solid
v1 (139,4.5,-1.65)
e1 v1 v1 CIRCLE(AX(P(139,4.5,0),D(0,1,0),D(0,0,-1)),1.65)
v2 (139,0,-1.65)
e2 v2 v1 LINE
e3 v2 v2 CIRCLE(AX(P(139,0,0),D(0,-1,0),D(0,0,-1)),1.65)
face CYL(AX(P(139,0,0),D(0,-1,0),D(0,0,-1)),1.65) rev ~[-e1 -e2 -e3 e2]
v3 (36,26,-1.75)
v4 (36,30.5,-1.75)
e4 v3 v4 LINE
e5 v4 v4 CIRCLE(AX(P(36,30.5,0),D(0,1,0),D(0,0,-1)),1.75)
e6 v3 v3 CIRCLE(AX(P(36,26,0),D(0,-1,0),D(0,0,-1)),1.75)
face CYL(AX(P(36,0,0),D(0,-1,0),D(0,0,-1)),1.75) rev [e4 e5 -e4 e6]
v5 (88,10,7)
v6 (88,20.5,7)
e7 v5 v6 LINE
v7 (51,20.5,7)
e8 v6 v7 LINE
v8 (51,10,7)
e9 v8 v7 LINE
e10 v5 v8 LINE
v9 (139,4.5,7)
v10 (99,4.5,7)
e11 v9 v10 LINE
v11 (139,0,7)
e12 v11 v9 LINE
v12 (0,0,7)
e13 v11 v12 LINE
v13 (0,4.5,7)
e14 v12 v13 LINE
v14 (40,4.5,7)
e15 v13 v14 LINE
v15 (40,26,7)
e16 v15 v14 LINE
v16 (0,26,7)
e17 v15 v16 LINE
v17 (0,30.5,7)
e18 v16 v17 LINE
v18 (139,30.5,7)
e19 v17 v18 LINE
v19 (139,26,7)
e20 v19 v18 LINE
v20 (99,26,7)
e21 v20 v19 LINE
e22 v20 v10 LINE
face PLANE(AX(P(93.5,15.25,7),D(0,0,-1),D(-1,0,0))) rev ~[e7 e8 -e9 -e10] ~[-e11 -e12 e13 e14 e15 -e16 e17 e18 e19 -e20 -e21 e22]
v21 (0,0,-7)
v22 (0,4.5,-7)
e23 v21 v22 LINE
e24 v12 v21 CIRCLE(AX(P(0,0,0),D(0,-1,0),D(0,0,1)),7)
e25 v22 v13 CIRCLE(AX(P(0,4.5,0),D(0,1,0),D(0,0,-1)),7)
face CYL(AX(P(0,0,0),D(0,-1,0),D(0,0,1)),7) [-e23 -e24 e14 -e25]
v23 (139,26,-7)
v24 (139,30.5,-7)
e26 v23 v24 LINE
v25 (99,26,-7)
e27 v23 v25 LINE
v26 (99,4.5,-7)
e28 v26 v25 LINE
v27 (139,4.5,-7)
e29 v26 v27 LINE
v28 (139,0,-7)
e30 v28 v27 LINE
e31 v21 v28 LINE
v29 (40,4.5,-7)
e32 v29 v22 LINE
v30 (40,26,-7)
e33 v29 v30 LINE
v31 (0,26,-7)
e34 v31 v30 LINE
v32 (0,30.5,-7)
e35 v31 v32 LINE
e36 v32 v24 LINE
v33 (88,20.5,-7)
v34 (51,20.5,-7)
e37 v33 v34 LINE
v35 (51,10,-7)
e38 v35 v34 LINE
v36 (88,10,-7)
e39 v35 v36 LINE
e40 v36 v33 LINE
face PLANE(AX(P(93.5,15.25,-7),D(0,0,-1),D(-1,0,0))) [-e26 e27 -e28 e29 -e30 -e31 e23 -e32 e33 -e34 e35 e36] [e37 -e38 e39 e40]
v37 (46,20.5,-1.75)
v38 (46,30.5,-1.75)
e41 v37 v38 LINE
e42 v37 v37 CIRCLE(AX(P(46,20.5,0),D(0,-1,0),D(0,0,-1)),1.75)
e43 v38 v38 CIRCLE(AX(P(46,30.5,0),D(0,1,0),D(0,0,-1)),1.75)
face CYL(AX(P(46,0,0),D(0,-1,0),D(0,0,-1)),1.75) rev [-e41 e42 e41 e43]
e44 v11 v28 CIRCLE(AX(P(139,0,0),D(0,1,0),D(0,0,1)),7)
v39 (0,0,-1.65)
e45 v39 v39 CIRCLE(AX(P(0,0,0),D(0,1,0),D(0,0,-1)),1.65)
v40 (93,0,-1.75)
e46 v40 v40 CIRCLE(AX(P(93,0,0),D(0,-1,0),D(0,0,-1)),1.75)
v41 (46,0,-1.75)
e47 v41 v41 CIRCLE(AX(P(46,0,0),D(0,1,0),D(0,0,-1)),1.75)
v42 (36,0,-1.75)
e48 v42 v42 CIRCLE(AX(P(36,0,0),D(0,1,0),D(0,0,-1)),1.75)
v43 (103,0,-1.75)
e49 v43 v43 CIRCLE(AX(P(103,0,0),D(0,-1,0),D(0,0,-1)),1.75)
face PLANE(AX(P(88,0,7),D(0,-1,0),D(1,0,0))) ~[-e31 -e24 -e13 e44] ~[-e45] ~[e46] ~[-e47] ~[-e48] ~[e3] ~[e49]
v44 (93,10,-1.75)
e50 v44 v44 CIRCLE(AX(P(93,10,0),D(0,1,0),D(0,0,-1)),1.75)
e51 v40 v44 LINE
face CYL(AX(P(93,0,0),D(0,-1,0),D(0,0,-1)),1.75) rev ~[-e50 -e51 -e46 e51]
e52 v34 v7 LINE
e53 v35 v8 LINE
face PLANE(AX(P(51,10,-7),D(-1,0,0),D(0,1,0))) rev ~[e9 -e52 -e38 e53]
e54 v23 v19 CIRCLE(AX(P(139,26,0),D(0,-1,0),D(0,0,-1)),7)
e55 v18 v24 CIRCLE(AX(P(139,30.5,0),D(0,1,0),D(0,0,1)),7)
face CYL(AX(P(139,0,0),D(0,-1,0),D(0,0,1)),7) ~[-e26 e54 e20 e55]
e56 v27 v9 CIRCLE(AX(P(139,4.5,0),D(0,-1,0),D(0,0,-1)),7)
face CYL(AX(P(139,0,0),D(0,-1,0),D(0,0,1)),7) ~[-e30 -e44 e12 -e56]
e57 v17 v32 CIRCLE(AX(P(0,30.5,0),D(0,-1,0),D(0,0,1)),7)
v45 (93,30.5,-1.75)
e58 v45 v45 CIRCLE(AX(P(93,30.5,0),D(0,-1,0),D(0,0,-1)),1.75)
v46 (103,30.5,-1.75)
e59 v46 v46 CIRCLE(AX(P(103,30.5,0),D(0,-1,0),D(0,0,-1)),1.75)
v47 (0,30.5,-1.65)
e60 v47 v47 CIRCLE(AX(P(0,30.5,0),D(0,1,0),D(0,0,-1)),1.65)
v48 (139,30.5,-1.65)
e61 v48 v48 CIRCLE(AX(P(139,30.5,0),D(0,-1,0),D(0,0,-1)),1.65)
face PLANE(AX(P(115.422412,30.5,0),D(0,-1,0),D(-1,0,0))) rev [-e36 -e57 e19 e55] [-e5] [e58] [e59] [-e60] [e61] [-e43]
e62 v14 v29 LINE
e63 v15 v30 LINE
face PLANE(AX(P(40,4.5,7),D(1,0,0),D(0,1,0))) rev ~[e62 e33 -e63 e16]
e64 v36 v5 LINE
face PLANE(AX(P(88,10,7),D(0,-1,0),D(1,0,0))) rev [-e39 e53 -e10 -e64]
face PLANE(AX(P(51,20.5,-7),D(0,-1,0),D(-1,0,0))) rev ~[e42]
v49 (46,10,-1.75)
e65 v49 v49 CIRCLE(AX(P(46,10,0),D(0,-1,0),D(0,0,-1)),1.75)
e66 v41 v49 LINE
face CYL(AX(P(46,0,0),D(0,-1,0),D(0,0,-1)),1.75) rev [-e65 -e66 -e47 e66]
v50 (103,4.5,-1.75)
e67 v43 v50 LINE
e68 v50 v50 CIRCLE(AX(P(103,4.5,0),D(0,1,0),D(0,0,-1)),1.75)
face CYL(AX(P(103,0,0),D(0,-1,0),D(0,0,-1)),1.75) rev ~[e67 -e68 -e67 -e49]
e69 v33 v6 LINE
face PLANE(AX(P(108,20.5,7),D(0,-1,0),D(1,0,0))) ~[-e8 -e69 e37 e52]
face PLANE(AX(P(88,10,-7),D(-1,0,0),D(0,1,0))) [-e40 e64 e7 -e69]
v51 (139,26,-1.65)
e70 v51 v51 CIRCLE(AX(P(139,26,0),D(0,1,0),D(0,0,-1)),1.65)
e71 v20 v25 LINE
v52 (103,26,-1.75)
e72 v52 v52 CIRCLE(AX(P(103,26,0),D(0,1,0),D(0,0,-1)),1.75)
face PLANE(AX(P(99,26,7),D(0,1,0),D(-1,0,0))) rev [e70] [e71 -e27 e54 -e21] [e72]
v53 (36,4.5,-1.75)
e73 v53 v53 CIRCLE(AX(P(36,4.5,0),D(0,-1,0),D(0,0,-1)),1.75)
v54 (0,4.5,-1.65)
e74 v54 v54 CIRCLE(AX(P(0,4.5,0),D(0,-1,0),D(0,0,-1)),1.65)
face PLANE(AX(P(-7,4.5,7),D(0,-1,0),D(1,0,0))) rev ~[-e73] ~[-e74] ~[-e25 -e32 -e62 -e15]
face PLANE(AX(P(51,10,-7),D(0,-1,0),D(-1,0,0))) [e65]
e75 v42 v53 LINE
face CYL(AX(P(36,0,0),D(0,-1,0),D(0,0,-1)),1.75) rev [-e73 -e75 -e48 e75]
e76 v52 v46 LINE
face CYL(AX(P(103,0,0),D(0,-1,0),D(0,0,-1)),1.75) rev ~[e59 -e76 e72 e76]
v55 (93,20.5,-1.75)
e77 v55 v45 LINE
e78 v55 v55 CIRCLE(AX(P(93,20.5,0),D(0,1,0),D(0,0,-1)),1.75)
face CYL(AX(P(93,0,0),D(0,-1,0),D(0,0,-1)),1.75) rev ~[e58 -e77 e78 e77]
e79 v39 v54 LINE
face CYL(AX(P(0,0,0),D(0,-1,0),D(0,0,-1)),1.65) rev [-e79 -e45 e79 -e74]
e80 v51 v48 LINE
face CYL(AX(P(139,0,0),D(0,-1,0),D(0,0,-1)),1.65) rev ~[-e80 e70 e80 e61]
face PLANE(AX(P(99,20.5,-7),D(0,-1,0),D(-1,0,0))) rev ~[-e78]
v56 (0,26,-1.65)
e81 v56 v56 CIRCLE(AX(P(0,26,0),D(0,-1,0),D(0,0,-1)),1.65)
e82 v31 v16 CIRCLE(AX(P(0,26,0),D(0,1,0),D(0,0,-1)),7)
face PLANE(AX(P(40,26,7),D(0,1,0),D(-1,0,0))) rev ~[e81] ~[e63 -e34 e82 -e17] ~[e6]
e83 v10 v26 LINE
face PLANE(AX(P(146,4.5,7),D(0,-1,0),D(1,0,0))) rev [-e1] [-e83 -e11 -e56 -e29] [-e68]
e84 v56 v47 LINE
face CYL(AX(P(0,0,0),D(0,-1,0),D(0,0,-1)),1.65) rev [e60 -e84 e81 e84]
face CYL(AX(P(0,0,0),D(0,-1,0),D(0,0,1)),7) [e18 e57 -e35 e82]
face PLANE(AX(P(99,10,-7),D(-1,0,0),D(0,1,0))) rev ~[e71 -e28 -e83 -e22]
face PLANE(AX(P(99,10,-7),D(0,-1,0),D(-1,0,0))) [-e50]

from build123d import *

# Parameters (mm, degrees)
SKETCH_1_R          = 1.65
SKETCH_1_R_2        = 1.75
EXTRUDE_1_DEPTH     = 30.5
CUT_EXTRUDE_1_DEPTH = 62.051208014
SKETCH_3_W          = 20
SKETCH_3_H          = 10.5
CUT_EXTRUDE_2_DEPTH = 62.051208014
SKETCH_4_W          = 18.5
SKETCH_4_H          = 10
EXTRUDE_2_DEPTH     = 14
SKETCH_5_W          = 11
SKETCH_5_H          = 10.5
EXTRUDE_3_DEPTH     = 14


with BuildPart() as part:
    # ｽｹｯﾁ1 → ﾎﾞｽ - 押し出し1 (new body)
    with BuildSketch(Plane(origin=(0, 0, 0), x_dir=(1, 0, 0), z_dir=(0, 1, 0))):
        with BuildLine():
            Line((0, 7), (51, 7))
            Line((51, 7), (51, -7))
            Line((51, -7), (0, -7))
            ThreePointArc((0, -7), (-7, 0), (0, 7))
        make_face()
        with Locations(Location((0, 0, 0), (0, 0, 90))):
            Circle(SKETCH_1_R, mode=Mode.SUBTRACT)
        with Locations(Location((46, 0, 0), (0, 0, 90))):
            Circle(SKETCH_1_R_2, mode=Mode.SUBTRACT)
        with Locations(Location((36, 0, 0), (0, 0, 90))):
            Circle(SKETCH_1_R_2, mode=Mode.SUBTRACT)
    extrude(amount=EXTRUDE_1_DEPTH)

    # ｽｹｯﾁ2 → ｶｯﾄ - 押し出し1 (cut, through all)
    with BuildSketch(Plane.XY.offset(7)):
        Polygon((0, 26), (-7, 26), (-7, 4.5), (0, 4.5), (40, 4.5), (40, 26), align=None)
    extrude(amount=-CUT_EXTRUDE_1_DEPTH, mode=Mode.SUBTRACT)

    # ｽｹｯﾁ3 → ｶｯﾄ - 押し出し2 (cut, through all)
    with BuildSketch(Plane.XY.offset(7)):
        with Locations((41, 15.25)):
            Rectangle(SKETCH_3_W, SKETCH_3_H)
    extrude(amount=-CUT_EXTRUDE_2_DEPTH, mode=Mode.SUBTRACT)


with BuildPart() as cut_extrude_2_piece_1:
    # of the separate pieces the step leaves, piece 1, a body of its own (cut_extrude_2_pieces)
    add(part.part.solids().sort_by_distance((51, 20.5, -7))[0])


with BuildPart() as cut_extrude_2_piece_2:
    # of the separate pieces the step leaves, piece 2, a body of its own (cut_extrude_2_pieces)
    add(part.part.solids().sort_by_distance((0, 0, -7))[0])

    # ｽｹｯﾁ4 → ﾎﾞｽ - 押し出し2 (add)
    with BuildSketch(Plane.XY.offset(7)):
        with Locations((60.25, 25.5)):
            Rectangle(SKETCH_4_W, SKETCH_4_H)
        with Locations((60.25, 5)):
            Rectangle(SKETCH_4_W, SKETCH_4_H)
    extrude(amount=-EXTRUDE_2_DEPTH)


with BuildPart() as extrude_2_piece_1:
    # of the separate pieces the step leaves, piece 1, a body of its own (extrude_2_pieces)
    add(cut_extrude_2_piece_2.part.solids().sort_by_distance((0, 0, -7))[0])

    # ﾐﾗｰ1: ﾎﾞｽ - 押し出し2 piece 1 across plane


with BuildPart() as extrude_2_piece_2:
    # of the separate pieces the step leaves, piece 2, a body of its own (extrude_2_pieces)
    add(cut_extrude_2_piece_2.part.solids().sort_by_distance((51, 30.5, 7))[0])


with BuildPart() as extrude_2_piece_1_1:
    add(extrude_2_piece_1.part)
    add(extrude_2_piece_1.part.mirror(Plane(origin=(69.5, 10, -7), x_dir=(0, 0, 1), z_dir=(1, 0, 0))))


with BuildPart() as body_4:
    # ﾐﾗｰ2: mirrored copy
    add(extrude_2_piece_2.part.mirror(Plane(origin=(69.5, 30.5, -7), x_dir=(0, 0, 1), z_dir=(1, 0, 0))))


with BuildPart() as body_5:
    # Mirror 2 2: mirrored copy
    add(cut_extrude_2_piece_1.part.mirror(Plane(origin=(69.5, 30.5, -7), x_dir=(0, 0, 1), z_dir=(1, 0, 0))))


with BuildPart() as cut_extrude_2_piece_1_1:
    add(cut_extrude_2_piece_1.part)

    add(extrude_2_piece_1_1.part)  # ﾎﾞｽ - 押し出し3 merges ﾎﾞｽ - 押し出し2 piece 1

    add(extrude_2_piece_2.part)  # ﾎﾞｽ - 押し出し3 merges ﾎﾞｽ - 押し出し2 piece 2

    add(body_4.part)  # ﾎﾞｽ - 押し出し3 merges body 4

    add(body_5.part)  # ﾎﾞｽ - 押し出し3 merges body 5
    # ｽｹｯﾁ5 → ﾎﾞｽ - 押し出し3 (add)
    with BuildSketch(Plane(origin=(0, 0, -7), x_dir=(-1, 0, 0), z_dir=(0, 0, -1))):
        with Locations((-93.5, 15.25)):
            Rectangle(SKETCH_5_W, SKETCH_5_H)
        with Locations((-45.5, 15.25)):
            Rectangle(SKETCH_5_W, SKETCH_5_H)
    extrude(amount=-EXTRUDE_3_DEPTH)


solid = cut_extrude_2_piece_1_1.part
